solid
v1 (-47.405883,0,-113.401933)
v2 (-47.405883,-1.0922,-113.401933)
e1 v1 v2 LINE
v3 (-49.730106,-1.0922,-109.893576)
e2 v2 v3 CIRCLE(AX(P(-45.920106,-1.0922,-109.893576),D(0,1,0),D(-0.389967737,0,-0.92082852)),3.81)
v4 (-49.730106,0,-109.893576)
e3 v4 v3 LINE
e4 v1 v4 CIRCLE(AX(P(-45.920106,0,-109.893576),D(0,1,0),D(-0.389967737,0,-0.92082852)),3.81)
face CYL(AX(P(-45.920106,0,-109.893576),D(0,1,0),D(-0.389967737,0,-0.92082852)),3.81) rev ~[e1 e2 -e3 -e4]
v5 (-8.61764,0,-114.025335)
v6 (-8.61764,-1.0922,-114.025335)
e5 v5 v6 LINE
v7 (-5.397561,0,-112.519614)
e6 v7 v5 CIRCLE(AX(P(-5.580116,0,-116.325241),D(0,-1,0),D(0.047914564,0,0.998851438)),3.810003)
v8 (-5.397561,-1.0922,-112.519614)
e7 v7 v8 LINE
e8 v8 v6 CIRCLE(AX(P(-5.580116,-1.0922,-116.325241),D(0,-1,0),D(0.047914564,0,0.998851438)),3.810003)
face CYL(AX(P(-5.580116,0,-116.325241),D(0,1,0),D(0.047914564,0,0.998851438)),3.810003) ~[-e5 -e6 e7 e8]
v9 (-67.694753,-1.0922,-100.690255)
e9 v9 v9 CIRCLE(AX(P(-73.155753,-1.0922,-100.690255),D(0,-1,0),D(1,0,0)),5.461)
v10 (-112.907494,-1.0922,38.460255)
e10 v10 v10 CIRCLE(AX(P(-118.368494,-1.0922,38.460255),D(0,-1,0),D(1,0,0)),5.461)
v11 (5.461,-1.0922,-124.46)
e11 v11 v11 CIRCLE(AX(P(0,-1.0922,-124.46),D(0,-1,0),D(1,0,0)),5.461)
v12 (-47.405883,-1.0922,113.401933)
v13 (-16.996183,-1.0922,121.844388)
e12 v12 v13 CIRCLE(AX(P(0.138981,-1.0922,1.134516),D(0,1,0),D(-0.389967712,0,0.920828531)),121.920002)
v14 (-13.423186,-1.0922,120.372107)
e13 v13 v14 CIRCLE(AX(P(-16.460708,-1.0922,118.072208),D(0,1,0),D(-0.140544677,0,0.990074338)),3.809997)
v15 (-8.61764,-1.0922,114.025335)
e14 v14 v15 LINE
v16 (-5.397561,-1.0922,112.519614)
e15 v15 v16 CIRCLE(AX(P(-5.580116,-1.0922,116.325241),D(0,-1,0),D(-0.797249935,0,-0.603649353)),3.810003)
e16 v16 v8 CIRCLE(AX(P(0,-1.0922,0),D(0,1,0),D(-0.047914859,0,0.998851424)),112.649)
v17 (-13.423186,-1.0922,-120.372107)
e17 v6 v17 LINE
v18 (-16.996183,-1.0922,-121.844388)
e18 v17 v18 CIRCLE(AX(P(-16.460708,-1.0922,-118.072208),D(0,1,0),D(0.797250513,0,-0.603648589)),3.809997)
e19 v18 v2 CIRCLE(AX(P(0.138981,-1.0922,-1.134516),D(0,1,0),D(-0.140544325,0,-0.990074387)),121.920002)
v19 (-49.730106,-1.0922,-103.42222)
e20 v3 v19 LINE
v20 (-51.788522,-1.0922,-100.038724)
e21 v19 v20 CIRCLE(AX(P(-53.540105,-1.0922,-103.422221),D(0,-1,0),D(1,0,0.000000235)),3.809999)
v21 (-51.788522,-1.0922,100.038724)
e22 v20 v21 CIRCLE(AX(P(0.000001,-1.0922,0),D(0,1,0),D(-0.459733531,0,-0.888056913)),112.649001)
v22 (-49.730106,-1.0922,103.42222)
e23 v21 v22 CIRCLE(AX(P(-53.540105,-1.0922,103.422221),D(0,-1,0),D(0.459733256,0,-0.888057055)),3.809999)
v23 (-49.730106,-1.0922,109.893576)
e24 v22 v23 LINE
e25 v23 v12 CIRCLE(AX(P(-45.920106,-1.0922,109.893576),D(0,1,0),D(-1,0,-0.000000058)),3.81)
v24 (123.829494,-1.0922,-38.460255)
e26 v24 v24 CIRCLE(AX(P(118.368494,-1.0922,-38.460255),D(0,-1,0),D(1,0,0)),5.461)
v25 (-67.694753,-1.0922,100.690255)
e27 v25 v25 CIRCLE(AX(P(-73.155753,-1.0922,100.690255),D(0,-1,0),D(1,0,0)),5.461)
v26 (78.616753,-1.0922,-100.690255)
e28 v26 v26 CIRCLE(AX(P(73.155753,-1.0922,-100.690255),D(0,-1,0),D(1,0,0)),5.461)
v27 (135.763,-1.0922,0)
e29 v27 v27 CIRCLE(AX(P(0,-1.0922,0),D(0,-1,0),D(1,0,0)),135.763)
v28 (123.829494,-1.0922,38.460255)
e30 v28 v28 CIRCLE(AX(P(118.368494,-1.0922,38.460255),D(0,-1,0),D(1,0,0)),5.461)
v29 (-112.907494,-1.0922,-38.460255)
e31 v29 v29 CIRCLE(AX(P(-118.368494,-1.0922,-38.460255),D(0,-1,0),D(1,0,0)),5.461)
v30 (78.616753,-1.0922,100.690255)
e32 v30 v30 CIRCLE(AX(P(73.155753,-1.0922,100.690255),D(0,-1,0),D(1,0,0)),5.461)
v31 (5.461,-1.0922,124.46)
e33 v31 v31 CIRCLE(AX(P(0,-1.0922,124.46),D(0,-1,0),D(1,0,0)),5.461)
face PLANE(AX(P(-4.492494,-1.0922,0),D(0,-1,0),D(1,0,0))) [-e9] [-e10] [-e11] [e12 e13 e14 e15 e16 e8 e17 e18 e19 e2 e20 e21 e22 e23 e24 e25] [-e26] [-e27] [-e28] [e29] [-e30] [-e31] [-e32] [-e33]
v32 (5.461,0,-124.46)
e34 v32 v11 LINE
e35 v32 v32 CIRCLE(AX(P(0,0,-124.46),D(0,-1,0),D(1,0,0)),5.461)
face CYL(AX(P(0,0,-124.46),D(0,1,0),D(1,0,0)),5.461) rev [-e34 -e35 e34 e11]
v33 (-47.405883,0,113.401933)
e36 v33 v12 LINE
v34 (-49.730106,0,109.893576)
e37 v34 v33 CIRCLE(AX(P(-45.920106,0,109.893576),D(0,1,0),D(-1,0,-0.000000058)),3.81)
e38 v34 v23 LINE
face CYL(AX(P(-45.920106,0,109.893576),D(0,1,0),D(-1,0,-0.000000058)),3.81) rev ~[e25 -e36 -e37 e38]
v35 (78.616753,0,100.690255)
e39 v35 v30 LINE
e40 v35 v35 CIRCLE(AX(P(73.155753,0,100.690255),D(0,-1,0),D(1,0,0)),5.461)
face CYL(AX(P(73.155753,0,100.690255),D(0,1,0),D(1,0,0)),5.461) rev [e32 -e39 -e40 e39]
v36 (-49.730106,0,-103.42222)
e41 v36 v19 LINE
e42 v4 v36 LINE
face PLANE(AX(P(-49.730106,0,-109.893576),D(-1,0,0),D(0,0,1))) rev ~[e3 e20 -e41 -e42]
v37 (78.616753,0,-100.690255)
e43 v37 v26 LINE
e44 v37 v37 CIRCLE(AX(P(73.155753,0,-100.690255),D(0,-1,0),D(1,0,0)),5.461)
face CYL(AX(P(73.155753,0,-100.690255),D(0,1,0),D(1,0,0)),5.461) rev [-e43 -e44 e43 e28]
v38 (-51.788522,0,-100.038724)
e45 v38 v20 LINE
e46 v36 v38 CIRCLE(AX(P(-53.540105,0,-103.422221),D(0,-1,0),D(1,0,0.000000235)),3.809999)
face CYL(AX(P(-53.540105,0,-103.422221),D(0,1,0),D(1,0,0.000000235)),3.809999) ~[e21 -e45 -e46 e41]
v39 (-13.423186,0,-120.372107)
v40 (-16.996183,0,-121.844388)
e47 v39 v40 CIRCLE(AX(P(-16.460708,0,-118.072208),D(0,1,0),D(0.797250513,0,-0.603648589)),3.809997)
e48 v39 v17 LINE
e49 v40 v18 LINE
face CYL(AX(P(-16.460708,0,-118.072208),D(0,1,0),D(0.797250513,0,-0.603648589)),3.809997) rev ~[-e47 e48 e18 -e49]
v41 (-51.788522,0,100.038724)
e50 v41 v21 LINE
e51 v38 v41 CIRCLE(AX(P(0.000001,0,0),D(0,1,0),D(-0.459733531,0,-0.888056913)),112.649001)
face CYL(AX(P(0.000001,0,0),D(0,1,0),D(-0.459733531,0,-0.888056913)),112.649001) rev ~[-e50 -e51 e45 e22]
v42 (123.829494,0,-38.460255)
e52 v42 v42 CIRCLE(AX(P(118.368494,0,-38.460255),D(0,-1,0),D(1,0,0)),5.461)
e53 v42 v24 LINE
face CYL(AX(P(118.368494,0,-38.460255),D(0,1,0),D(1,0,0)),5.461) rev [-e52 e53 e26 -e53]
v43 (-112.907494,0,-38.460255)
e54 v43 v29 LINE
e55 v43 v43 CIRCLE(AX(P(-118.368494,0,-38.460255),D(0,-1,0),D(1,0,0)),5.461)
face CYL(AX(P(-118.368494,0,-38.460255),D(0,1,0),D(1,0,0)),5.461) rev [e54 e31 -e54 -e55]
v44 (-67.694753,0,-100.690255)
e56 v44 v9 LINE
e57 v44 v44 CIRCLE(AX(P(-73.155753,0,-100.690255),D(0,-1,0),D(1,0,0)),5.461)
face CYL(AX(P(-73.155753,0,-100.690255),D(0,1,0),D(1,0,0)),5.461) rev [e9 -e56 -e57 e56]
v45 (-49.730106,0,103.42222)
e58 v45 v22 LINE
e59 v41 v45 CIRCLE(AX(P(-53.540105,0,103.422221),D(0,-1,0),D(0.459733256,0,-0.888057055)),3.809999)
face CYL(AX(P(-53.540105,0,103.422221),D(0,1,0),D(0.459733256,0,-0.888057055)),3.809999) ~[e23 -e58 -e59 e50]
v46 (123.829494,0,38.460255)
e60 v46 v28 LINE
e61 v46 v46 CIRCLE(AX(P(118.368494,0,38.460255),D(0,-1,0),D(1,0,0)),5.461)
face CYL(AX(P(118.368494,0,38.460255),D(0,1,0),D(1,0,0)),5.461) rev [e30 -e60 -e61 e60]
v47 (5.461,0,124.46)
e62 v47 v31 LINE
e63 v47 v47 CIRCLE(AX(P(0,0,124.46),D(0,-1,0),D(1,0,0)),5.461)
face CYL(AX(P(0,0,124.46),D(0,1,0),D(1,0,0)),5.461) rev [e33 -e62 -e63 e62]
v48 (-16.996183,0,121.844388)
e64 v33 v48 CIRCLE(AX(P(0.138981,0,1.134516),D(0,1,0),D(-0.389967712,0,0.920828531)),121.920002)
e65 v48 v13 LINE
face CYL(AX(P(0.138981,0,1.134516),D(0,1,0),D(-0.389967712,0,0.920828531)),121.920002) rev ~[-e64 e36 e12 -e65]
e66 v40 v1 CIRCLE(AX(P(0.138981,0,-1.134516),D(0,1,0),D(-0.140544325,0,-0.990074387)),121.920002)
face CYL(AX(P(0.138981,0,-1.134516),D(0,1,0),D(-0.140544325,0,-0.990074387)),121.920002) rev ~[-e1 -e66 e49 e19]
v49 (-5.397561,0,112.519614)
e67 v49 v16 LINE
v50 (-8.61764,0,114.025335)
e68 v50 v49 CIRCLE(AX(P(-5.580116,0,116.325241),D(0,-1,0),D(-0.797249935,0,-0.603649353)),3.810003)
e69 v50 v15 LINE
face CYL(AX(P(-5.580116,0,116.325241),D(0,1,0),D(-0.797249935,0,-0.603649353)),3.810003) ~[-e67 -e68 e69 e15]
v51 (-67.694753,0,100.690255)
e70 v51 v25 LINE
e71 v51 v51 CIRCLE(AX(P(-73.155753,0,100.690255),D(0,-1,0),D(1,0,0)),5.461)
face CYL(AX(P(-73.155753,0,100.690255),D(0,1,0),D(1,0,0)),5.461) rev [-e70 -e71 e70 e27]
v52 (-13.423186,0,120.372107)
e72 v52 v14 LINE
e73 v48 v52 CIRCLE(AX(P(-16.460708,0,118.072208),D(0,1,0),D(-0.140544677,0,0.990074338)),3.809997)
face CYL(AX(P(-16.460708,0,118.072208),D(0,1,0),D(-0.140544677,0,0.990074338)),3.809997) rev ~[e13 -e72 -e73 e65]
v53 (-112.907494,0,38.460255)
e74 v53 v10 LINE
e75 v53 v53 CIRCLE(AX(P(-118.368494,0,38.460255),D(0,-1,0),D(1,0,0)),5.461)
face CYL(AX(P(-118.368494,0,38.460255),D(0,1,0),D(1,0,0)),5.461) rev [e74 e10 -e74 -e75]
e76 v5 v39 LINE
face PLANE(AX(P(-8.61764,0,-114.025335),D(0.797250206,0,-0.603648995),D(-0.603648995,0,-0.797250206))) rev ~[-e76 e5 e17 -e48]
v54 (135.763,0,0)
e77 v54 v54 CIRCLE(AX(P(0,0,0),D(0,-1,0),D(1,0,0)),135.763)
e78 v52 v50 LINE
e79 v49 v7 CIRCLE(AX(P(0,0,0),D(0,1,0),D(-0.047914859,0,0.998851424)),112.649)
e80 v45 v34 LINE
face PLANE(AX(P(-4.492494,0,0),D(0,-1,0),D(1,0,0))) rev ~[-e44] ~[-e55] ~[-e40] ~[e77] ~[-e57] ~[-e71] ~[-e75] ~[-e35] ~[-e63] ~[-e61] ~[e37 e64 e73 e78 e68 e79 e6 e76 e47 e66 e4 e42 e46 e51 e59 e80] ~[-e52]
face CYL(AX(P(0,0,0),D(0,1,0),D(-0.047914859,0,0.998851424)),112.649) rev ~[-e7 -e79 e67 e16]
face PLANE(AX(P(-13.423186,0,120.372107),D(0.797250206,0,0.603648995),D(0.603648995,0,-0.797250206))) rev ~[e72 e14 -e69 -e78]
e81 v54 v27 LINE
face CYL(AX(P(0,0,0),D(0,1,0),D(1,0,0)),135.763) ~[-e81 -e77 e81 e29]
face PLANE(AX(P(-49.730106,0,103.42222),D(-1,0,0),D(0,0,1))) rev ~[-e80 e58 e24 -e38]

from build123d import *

# Parameters (mm, degrees)
F0_R     = 135.763
F0_R_2   = 5.461
F1_DEPTH = 1.0922


with BuildPart() as f1:
    # F0 (on Front) → F1 (new body)
    with BuildSketch(Plane.XZ):
        with BuildLine():
            ThreePointArc((-49.730106, 103.42222), (-50.285138, 101.441998), (-51.788522, 100.038724))
            ThreePointArc((-51.788522, 100.038724), (-112.649, 0), (-51.788522, -100.038724))
            ThreePointArc((-51.788522, -100.038724), (-50.285138, -101.441998), (-49.730106, -103.42222))
            Line((-49.730106, -103.42222), (-49.730106, -109.893576))
            ThreePointArc((-49.730106, -109.893576), (-49.096339, -111.997773), (-47.405883, -113.401933))
            ThreePointArc((-47.405883, -113.401933), (-32.475361, -118.611287), (-16.996183, -121.844388))
            ThreePointArc((-16.996183, -121.844388), (-15.00917, -121.594865), (-13.423186, -120.372107))
            Line((-13.423186, -120.372107), (-8.61764, -114.025335))
            ThreePointArc((-8.61764, -114.025335), (-7.193966, -112.873921), (-5.397561, -112.519614))
            ThreePointArc((-5.397561, -112.519614), (112.649, 0), (-5.397561, 112.519614))
            ThreePointArc((-5.397561, 112.519614), (-7.193966, 112.873921), (-8.61764, 114.025335))
            Line((-8.61764, 114.025335), (-13.423186, 120.372107))
            ThreePointArc((-13.423186, 120.372107), (-15.00917, 121.594865), (-16.996183, 121.844388))
            ThreePointArc((-16.996183, 121.844388), (-32.475361, 118.611287), (-47.405883, 113.401933))
            ThreePointArc((-47.405883, 113.401933), (-49.096339, 111.997773), (-49.730106, 109.893576))
            Line((-49.730106, 109.893576), (-49.730106, 103.42222))
        make_face()
        Circle(F0_R)
        with Locations((-73.155753, -100.690255)):
            Circle(F0_R_2, mode=Mode.SUBTRACT)
        with Locations((-118.368494, -38.460255)):
            Circle(F0_R_2, mode=Mode.SUBTRACT)
        with Locations((0, -124.46)):
            Circle(F0_R_2, mode=Mode.SUBTRACT)
        with Locations((73.155753, -100.690255)):
            Circle(F0_R_2, mode=Mode.SUBTRACT)
        with Locations((118.368494, -38.460255)):
            Circle(F0_R_2, mode=Mode.SUBTRACT)
        with Locations((-118.368494, 38.460255)):
            Circle(F0_R_2, mode=Mode.SUBTRACT)
        with Locations((-73.155753, 100.690255)):
            Circle(F0_R_2, mode=Mode.SUBTRACT)
        with BuildLine():
            ThreePointArc((-51.788522, -100.038724), (-112.649, 0), (-51.788522, 100.038724))
            ThreePointArc((-51.788522, 100.038724), (-50.285138, 101.441998), (-49.730106, 103.42222))
            Line((-49.730106, 103.42222), (-49.730106, 109.893576))
            ThreePointArc((-49.730106, 109.893576), (-49.096339, 111.997773), (-47.405883, 113.401933))
            ThreePointArc((-47.405883, 113.401933), (-32.475361, 118.611287), (-16.996183, 121.844388))
            ThreePointArc((-16.996183, 121.844388), (-15.00917, 121.594865), (-13.423186, 120.372107))
            Line((-13.423186, 120.372107), (-8.61764, 114.025335))
            ThreePointArc((-8.61764, 114.025335), (-7.193966, 112.873921), (-5.397561, 112.519614))
            ThreePointArc((-5.397561, 112.519614), (112.649, 0), (-5.397561, -112.519614))
            ThreePointArc((-5.397561, -112.519614), (-7.193966, -112.873921), (-8.61764, -114.025335))
            Line((-8.61764, -114.025335), (-13.423186, -120.372107))
            ThreePointArc((-13.423186, -120.372107), (-15.00917, -121.594865), (-16.996183, -121.844388))
            ThreePointArc((-16.996183, -121.844388), (-32.475361, -118.611287), (-47.405883, -113.401933))
            ThreePointArc((-47.405883, -113.401933), (-49.096339, -111.997773), (-49.730106, -109.893576))
            Line((-49.730106, -109.893576), (-49.730106, -103.42222))
            ThreePointArc((-49.730106, -103.42222), (-50.285138, -101.441998), (-51.788522, -100.038724))
        make_face(mode=Mode.SUBTRACT)
        with Locations((118.368494, 38.460255)):
            Circle(F0_R_2, mode=Mode.SUBTRACT)
        with Locations((0, 124.46)):
            Circle(F0_R_2, mode=Mode.SUBTRACT)
        with Locations((73.155753, 100.690255)):
            Circle(F0_R_2, mode=Mode.SUBTRACT)
    extrude(amount=F1_DEPTH)


solid = f1.part
